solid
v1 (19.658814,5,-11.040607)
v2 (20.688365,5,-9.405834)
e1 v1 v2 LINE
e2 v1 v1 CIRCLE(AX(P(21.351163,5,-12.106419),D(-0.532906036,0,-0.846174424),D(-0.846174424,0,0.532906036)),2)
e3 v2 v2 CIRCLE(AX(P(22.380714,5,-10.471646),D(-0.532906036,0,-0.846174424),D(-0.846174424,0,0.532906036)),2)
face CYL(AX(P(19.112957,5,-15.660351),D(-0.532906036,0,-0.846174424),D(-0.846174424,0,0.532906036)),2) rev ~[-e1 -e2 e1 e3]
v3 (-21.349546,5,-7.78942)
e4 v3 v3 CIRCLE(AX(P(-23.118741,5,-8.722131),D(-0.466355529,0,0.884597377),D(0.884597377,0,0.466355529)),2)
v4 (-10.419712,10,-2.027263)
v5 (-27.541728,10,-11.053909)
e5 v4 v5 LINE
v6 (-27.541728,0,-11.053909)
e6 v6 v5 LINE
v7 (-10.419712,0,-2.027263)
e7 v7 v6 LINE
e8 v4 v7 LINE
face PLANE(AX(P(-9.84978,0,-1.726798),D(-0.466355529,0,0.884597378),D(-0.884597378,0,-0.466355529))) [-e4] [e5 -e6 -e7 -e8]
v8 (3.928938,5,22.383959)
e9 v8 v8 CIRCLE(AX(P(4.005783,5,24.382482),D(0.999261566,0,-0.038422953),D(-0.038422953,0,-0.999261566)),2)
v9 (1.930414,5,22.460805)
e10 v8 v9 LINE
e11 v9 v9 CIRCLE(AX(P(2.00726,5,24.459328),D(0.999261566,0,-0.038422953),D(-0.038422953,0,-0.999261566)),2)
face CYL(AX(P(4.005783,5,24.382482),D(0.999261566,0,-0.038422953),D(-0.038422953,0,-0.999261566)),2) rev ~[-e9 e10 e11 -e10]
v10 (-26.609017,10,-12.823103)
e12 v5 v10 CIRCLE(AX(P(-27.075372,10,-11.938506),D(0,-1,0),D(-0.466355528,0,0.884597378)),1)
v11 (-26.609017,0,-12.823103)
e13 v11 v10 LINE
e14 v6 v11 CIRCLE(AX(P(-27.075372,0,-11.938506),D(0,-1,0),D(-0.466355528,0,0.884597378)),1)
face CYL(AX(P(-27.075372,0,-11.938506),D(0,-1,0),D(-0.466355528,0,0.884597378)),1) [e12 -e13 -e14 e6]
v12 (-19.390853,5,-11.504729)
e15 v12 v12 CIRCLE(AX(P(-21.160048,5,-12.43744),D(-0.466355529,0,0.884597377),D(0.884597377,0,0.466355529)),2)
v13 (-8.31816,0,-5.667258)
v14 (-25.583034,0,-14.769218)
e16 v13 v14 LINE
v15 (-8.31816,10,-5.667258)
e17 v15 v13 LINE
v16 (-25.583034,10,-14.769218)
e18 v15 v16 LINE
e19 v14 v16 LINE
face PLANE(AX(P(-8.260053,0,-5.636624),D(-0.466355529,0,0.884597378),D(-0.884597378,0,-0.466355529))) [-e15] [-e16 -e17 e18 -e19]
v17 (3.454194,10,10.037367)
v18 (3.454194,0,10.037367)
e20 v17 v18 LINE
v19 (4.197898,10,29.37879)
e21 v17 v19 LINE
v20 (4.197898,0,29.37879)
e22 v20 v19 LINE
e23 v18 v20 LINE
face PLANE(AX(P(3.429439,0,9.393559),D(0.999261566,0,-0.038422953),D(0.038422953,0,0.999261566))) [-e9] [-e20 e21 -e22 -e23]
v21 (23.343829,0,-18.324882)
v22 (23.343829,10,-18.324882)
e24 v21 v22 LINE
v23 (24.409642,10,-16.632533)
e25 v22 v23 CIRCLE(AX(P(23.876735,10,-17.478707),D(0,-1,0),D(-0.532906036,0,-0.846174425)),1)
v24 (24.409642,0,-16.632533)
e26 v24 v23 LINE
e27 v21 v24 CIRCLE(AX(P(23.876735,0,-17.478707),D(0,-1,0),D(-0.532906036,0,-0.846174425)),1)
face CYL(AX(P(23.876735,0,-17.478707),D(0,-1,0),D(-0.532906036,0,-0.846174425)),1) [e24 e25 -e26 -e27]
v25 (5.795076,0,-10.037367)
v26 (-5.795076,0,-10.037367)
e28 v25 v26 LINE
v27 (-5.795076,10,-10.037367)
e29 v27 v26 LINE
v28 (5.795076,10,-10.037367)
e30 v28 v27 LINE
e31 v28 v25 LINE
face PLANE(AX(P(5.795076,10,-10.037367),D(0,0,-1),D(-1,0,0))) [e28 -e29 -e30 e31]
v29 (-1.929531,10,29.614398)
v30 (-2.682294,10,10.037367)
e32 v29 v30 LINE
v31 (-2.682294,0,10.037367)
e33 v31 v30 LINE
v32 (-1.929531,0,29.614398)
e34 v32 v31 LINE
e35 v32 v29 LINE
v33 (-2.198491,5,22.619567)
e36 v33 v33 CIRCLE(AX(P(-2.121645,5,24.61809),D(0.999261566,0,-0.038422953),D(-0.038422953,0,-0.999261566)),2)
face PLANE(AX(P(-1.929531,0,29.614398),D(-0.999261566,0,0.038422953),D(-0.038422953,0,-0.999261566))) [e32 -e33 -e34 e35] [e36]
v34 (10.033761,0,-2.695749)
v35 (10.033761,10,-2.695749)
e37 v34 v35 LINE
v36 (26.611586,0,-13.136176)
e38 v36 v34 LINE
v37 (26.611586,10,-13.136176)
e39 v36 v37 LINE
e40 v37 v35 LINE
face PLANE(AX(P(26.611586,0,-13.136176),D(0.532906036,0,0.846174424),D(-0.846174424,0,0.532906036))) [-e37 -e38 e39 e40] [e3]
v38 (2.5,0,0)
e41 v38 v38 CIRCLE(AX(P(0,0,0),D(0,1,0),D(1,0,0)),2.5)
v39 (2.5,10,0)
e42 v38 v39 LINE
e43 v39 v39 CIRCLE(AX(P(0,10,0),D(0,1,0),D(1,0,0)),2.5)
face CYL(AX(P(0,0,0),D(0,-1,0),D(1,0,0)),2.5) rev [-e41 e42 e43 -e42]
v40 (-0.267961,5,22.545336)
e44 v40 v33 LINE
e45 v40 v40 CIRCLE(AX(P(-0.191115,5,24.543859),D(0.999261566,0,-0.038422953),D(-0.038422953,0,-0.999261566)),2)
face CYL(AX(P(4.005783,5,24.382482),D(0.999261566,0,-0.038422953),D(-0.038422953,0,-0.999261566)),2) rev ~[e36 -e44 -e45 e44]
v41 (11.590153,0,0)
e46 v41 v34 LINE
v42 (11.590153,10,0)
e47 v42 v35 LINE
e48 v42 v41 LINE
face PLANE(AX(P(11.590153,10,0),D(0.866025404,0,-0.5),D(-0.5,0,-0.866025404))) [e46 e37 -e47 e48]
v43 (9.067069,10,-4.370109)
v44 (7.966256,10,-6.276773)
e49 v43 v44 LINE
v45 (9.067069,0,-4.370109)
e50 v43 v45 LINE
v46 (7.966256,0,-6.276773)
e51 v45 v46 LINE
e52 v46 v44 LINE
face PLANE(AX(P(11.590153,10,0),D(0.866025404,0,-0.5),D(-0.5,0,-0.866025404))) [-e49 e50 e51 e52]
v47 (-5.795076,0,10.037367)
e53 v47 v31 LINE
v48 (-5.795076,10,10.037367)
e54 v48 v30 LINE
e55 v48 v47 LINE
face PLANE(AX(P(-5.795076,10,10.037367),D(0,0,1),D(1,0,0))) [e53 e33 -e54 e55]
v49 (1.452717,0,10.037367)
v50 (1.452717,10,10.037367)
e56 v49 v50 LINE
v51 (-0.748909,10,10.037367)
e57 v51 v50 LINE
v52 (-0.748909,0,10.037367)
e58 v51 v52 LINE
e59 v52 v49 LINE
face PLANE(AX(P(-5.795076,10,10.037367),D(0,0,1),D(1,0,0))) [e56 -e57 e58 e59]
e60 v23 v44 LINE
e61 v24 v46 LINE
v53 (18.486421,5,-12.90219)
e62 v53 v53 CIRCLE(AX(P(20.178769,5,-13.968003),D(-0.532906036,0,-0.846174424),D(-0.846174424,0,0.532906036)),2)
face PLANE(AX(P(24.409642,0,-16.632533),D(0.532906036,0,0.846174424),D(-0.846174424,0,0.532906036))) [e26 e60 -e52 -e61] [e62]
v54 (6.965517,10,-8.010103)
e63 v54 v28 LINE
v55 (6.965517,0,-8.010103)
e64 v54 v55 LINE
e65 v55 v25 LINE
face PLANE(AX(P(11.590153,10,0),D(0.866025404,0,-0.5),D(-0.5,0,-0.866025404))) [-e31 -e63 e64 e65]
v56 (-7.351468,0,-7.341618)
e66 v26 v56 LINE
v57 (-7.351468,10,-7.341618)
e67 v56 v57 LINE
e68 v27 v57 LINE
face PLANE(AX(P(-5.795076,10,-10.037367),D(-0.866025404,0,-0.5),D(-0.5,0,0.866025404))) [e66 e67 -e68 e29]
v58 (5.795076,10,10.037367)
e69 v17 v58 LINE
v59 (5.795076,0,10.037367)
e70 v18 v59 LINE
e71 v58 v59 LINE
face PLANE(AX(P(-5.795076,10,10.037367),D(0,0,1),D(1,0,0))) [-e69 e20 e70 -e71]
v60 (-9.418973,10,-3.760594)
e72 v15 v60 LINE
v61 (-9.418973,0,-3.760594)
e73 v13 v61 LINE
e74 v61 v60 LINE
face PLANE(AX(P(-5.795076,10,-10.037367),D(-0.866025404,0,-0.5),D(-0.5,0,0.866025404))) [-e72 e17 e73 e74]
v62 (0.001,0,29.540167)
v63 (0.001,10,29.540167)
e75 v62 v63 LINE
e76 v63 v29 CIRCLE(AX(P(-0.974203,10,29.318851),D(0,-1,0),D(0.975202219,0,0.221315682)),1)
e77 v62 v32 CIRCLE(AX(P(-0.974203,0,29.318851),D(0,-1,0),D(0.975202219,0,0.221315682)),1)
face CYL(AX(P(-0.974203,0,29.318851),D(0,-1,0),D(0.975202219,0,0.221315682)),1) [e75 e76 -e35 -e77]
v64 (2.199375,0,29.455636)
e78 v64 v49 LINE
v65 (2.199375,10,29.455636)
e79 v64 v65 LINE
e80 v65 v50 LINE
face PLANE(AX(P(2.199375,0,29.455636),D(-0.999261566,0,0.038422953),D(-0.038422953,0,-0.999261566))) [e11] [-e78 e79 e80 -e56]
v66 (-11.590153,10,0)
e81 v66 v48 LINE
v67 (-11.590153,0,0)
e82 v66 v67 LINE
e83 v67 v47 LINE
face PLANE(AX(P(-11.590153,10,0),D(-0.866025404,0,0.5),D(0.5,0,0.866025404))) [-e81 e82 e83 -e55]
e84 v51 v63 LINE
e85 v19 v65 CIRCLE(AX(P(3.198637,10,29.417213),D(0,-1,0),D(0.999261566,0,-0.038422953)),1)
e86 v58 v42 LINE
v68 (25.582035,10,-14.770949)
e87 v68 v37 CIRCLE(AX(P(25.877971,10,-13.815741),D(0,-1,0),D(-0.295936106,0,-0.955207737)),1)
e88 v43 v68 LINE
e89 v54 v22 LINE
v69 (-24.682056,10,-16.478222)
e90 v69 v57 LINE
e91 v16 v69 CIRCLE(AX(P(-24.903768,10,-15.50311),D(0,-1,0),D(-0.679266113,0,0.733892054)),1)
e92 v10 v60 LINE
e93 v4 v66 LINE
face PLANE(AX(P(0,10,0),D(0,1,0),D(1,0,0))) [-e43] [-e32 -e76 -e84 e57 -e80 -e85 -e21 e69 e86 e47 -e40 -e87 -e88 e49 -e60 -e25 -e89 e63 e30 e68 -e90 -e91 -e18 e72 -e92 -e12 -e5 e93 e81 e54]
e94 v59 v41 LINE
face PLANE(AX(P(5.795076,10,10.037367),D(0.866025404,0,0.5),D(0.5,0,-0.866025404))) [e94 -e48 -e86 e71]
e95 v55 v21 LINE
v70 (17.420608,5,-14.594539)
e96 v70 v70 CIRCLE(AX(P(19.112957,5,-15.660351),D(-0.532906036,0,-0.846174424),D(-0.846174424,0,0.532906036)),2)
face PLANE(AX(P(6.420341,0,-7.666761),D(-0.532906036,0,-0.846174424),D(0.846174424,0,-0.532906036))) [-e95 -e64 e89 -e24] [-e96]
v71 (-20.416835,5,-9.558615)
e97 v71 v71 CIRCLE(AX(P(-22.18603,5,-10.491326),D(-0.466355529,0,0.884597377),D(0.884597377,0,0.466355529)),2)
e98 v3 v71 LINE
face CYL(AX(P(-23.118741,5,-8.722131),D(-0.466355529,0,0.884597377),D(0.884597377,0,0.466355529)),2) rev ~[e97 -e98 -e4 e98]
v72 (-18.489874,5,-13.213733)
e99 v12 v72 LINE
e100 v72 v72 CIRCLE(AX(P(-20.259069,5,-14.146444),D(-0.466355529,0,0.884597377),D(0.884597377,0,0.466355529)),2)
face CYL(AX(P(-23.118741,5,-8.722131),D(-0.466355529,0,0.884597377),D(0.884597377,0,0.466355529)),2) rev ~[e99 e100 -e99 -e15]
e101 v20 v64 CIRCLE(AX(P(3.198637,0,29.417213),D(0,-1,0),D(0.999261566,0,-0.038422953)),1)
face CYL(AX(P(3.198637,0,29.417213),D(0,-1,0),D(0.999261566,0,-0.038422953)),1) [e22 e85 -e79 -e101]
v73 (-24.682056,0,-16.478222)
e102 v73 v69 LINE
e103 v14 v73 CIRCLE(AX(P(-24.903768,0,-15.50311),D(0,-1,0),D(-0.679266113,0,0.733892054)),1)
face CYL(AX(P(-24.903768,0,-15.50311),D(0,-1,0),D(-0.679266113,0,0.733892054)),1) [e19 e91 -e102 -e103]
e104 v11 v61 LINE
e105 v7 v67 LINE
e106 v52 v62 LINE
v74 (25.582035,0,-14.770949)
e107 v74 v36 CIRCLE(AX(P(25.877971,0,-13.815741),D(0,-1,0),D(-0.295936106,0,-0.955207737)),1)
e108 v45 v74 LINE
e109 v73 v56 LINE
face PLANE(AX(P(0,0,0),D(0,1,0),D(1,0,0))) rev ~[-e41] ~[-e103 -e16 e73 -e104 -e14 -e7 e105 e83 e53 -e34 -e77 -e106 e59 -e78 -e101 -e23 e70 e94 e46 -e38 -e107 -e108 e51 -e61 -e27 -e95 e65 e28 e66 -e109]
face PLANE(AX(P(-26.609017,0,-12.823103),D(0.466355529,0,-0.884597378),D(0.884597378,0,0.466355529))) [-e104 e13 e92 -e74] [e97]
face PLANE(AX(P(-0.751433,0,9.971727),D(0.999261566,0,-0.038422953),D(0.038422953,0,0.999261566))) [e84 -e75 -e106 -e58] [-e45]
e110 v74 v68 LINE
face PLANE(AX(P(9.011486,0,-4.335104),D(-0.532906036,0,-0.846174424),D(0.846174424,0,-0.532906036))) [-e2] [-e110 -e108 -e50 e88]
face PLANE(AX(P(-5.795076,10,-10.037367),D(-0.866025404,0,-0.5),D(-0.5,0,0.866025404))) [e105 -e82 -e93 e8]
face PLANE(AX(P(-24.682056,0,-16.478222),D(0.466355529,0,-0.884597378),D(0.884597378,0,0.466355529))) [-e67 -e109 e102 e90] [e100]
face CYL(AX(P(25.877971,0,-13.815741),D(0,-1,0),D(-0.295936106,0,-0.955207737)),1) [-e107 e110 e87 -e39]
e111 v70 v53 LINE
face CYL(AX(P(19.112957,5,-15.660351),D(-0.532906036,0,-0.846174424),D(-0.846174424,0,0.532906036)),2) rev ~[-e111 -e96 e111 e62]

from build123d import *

# Parameters (mm, degrees)
SKETCH1_R           = 2.5
BOSS_EXTRUDE1_DEPTH = 10
SKETCH2_R           = 2
CUT_EXTRUDE1_DEPTH  = 10
CIRPATTERN1_COUNT   = 3
SKETCH3_R           = 2.5
BOSS_EXTRUDE3_DEPTH = 10


with BuildPart() as part:
    # Sketch1 → Boss-Extrude1 (new body)
    with BuildSketch(Plane(origin=(0, 0, 0), x_dir=(1, 0, 0), z_dir=(0, 1, 0))):
        with BuildLine():
            Line((3.42943918, -9.393558799), (4.197898245, -29.378790113))
            ThreePointArc((4.197898245, -29.378790113), (3.237059632, -30.416474632), (2.199375114, -29.455636019))
            Line((2.199375114, -29.455636019), (1.447231615, -9.894721858))
            ThreePointArc((1.447231615, -9.894721858), (0.350023332, -9.993872306), (-0.751433173, -9.971727442))
            Line((-0.751433173, -9.971727442), (0.000999669, -29.540166516))
            ThreePointArc((0.000999669, -29.540166516), (-0.935779597, -30.318112399), (-1.929530696, -29.614398009))
            Line((-1.929530696, -29.614398009), (-2.697989761, -9.629166695))
            ThreePointArc((-2.697989761, -9.629166695), (-8.461744243, -5.329060364), (-9.849780142, 1.726797949))
            Line((-9.849780142, 1.726797949), (-27.541727692, 11.053908534))
            ThreePointArc((-27.541727692, 11.053908534), (-27.959969541, 12.404861441), (-26.609016634, 12.823103289))
            Line((-26.609016634, 12.823103289), (-9.2926963, 3.694021585))
            ThreePointArc((-9.2926963, 3.694021585), (-8.829958965, 4.693807055), (-8.260052699, 5.636623938))
            Line((-8.260052699, 5.636623938), (-25.58303447, 14.769217519))
            ThreePointArc((-25.58303447, 14.769217519), (-25.788365734, 15.969465103), (-24.682055646, 16.478221605))
            Line((-24.682055646, 16.478221605), (-6.990108095, 7.15111102))
            ThreePointArc((-6.990108095, 7.15111102), (-0.384229532, 9.992615657), (6.420340962, 7.66676085))
            Line((6.420340962, 7.66676085), (23.343829448, 18.324881579))
            ThreePointArc((23.343829448, 18.324881579), (24.722909908, 18.011613191), (24.40964152, 16.63253273))
            Line((24.40964152, 16.63253273), (7.845464685, 6.200700273))
            ThreePointArc((7.845464685, 6.200700273), (8.479935633, 5.300065251), (9.011485871, 4.335103505))
            Line((9.011485871, 4.335103505), (25.582034801, 14.770948997))
            ThreePointArc((25.582034801, 14.770948997), (26.724145331, 14.348647296), (26.611586342, 13.136176404))
            Line((26.611586342, 13.136176404), (9.688097856, 2.478055676))
            ThreePointArc((9.688097856, 2.478055676), (8.845973775, -4.663555293), (3.42943918, -9.393558799))
        make_face()
        Circle(SKETCH1_R, mode=Mode.SUBTRACT)
    extrude(amount=BOSS_EXTRUDE1_DEPTH)

    # Sketch2 → Cut-Extrude1 (cut)
    with BuildSketch(Plane(origin=(3.063714471, 0, -0.117803948), x_dir=(-0.038422953, 0, -0.999261566), z_dir=(0.999261566, 0, -0.038422953))):
        with Locations((-24.518391454, 5)):
            Circle(SKETCH2_R)
    cut_extrude1 = extrude(amount=-CUT_EXTRUDE1_DEPTH, mode=Mode.SUBTRACT)

    # CirPattern1: Cut-Extrude1 ×3 about axis
    cirpattern1_axis = Axis((0, 10, 0), (0, -1, 0))
    for i in range(1, CIRPATTERN1_COUNT):
        add(cut_extrude1.rotate(cirpattern1_axis, i * 360 / CIRPATTERN1_COUNT), mode=Mode.SUBTRACT)

    # Sketch3 → Boss-Extrude3 (add)
    with BuildSketch(Plane(origin=(0, 10, 0), x_dir=(1, 0, 0), z_dir=(0, 1, 0))):
        Polygon((11.5901527, 0), (5.79507635, 10.037366672), (-5.79507635, 10.037366672), (-11.5901527, 0), (-5.79507635, -10.037366672), (5.79507635, -10.037366672), align=None)
        Circle(SKETCH3_R, mode=Mode.SUBTRACT)
    extrude(amount=-BOSS_EXTRUDE3_DEPTH)


solid = part.part
